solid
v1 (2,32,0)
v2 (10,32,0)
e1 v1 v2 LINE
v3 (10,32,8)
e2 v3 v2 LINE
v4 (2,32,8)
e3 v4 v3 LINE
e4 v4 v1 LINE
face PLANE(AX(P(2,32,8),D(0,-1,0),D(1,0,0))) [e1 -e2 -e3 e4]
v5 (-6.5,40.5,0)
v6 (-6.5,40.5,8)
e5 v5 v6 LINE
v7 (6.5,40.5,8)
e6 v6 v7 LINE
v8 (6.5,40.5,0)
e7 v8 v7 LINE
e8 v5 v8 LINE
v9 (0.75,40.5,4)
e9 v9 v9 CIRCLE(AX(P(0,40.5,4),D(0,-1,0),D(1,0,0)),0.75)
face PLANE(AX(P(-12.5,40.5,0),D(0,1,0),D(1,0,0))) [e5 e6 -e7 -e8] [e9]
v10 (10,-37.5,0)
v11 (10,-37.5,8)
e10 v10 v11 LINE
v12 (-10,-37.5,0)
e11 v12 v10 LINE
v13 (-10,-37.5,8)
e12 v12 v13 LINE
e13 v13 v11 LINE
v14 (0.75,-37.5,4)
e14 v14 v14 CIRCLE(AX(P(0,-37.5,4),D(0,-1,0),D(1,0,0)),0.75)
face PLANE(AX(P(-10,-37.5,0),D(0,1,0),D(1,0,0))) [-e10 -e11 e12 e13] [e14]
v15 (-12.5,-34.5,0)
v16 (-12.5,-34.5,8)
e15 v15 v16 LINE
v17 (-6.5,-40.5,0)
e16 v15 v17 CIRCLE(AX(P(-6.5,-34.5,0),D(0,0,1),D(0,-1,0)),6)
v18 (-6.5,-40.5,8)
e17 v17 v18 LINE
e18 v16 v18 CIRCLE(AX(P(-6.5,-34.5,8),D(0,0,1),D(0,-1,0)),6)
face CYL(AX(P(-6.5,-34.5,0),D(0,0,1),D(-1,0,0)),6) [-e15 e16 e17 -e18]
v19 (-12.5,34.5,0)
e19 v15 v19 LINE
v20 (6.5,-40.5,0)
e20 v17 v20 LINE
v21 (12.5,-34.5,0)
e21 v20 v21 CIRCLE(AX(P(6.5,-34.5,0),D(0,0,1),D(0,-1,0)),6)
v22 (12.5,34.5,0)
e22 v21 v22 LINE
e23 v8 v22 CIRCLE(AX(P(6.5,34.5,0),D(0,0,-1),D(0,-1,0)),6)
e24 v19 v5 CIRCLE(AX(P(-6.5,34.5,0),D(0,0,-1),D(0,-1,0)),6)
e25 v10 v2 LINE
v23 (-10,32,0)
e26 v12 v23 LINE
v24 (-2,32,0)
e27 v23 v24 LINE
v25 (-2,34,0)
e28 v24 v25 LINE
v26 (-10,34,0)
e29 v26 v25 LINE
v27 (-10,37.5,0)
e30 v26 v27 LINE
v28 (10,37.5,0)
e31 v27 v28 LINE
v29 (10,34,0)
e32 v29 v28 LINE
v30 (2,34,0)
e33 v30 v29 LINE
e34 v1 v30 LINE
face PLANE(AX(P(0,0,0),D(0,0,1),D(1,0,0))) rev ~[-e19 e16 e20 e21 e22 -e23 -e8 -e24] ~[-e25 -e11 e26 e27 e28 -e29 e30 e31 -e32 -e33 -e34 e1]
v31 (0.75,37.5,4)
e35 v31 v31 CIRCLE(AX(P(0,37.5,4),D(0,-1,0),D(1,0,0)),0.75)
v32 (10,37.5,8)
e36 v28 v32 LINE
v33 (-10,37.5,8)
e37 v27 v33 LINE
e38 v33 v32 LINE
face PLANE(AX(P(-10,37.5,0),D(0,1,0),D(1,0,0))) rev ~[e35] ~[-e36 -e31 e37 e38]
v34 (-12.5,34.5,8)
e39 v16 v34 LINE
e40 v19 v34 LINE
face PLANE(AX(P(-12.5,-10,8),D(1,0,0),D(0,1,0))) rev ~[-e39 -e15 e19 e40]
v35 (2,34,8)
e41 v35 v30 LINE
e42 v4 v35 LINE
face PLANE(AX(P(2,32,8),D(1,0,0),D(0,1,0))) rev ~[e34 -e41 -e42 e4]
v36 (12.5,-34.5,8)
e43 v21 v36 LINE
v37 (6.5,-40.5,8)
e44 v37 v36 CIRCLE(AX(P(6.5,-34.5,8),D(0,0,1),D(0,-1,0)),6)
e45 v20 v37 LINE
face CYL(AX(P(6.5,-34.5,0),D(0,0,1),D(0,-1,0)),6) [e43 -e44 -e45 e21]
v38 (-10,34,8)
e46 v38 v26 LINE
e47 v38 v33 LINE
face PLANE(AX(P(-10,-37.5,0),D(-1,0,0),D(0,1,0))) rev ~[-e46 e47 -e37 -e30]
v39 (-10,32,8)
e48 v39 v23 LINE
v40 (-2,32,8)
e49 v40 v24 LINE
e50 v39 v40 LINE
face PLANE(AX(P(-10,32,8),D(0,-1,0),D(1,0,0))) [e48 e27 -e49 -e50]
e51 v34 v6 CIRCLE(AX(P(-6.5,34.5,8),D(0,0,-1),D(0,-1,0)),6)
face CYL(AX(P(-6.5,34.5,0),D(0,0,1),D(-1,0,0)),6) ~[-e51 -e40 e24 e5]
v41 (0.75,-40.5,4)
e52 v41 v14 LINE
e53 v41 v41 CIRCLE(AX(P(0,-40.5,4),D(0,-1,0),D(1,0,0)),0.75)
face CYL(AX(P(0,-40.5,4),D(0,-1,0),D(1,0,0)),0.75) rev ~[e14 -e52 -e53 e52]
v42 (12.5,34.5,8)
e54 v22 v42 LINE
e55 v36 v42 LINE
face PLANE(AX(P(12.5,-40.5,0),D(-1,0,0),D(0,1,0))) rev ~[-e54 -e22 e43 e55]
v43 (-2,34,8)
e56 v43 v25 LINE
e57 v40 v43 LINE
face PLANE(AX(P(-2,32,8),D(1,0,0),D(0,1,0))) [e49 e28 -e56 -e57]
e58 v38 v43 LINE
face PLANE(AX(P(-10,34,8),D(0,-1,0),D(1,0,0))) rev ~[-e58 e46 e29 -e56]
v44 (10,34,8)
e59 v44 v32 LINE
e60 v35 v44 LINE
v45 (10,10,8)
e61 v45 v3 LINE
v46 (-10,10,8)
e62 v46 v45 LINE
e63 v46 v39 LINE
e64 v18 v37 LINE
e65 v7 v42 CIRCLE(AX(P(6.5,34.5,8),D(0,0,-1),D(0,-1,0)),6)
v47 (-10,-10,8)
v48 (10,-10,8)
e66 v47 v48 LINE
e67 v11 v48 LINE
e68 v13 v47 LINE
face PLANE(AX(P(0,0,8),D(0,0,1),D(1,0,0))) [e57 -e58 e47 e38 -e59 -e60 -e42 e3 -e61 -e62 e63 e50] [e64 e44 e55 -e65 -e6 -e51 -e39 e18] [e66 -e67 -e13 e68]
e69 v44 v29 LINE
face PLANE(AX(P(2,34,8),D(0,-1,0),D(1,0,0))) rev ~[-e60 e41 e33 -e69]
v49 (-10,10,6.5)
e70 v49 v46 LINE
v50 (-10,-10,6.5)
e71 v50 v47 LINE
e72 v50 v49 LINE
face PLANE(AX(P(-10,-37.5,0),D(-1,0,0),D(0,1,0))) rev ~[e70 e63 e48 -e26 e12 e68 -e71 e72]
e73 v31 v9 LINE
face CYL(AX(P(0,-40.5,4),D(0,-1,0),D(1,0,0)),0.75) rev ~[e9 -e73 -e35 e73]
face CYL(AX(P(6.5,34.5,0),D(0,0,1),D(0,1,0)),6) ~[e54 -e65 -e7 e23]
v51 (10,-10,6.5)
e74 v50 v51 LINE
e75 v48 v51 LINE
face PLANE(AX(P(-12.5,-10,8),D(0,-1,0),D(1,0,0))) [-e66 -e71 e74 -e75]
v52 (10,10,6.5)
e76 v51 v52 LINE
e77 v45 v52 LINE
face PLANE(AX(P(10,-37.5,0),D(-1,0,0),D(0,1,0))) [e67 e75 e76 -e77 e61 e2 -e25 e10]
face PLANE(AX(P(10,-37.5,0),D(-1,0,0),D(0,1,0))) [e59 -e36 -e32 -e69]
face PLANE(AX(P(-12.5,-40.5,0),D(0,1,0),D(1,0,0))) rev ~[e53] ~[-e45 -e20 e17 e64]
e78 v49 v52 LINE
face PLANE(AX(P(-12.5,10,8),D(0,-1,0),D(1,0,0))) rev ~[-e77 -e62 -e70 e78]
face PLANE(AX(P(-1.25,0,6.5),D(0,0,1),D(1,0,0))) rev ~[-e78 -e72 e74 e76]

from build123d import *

# Parameters (mm, degrees)
F0_W     = 25
F0_H     = 81
F0_W_2   = 20
F0_H_2   = 75
F1_DEPTH = 8
F2_W     = 8
F2_H     = 2
F3_DEPTH = 8
F5_R     = 6
F6_W     = 22.5
F6_H     = 20
F7_DEPTH = 1.5
F8_R     = 0.75
F9_DEPTH = 100


with BuildPart() as f1:
    # F0 (on Top) → F1 (new body)
    with BuildSketch(Plane.XY):
        Rectangle(F0_W, F0_H)
        Rectangle(F0_W_2, F0_H_2, mode=Mode.SUBTRACT)
    extrude(amount=F1_DEPTH)

    # F2 (on face) → F3 (join)
    with BuildSketch(Plane.XY.offset(8)):
        with Locations((-6, 33)):
            Rectangle(F2_W, F2_H)
        with Locations((6, 33)):
            Rectangle(F2_W, F2_H)
    extrude(amount=-F3_DEPTH)

    # F5
    f5_edges = [f1.edges().sort_by_distance(p)[0] for p in [
        (-12.5, 40.5, 4),
        (12.5, 40.5, 4),
        (12.5, -40.5, 4),
        (-12.5, -40.5, 4),
    ]]
    fillet(f5_edges, radius=F5_R)

    # F6 (on face) → F7 (join)
    with BuildSketch(Plane.XY.offset(8)):
        with Locations((-1.25, 0)):
            Rectangle(F6_W, F6_H)
    extrude(amount=-F7_DEPTH)

    # F8 (on face) → F9 (cut)
    with BuildSketch(Plane.XZ.offset(40.5)):
        with Locations((0, 4)):
            Circle(F8_R)
    extrude(amount=-F9_DEPTH, mode=Mode.SUBTRACT)


solid = f1.part
